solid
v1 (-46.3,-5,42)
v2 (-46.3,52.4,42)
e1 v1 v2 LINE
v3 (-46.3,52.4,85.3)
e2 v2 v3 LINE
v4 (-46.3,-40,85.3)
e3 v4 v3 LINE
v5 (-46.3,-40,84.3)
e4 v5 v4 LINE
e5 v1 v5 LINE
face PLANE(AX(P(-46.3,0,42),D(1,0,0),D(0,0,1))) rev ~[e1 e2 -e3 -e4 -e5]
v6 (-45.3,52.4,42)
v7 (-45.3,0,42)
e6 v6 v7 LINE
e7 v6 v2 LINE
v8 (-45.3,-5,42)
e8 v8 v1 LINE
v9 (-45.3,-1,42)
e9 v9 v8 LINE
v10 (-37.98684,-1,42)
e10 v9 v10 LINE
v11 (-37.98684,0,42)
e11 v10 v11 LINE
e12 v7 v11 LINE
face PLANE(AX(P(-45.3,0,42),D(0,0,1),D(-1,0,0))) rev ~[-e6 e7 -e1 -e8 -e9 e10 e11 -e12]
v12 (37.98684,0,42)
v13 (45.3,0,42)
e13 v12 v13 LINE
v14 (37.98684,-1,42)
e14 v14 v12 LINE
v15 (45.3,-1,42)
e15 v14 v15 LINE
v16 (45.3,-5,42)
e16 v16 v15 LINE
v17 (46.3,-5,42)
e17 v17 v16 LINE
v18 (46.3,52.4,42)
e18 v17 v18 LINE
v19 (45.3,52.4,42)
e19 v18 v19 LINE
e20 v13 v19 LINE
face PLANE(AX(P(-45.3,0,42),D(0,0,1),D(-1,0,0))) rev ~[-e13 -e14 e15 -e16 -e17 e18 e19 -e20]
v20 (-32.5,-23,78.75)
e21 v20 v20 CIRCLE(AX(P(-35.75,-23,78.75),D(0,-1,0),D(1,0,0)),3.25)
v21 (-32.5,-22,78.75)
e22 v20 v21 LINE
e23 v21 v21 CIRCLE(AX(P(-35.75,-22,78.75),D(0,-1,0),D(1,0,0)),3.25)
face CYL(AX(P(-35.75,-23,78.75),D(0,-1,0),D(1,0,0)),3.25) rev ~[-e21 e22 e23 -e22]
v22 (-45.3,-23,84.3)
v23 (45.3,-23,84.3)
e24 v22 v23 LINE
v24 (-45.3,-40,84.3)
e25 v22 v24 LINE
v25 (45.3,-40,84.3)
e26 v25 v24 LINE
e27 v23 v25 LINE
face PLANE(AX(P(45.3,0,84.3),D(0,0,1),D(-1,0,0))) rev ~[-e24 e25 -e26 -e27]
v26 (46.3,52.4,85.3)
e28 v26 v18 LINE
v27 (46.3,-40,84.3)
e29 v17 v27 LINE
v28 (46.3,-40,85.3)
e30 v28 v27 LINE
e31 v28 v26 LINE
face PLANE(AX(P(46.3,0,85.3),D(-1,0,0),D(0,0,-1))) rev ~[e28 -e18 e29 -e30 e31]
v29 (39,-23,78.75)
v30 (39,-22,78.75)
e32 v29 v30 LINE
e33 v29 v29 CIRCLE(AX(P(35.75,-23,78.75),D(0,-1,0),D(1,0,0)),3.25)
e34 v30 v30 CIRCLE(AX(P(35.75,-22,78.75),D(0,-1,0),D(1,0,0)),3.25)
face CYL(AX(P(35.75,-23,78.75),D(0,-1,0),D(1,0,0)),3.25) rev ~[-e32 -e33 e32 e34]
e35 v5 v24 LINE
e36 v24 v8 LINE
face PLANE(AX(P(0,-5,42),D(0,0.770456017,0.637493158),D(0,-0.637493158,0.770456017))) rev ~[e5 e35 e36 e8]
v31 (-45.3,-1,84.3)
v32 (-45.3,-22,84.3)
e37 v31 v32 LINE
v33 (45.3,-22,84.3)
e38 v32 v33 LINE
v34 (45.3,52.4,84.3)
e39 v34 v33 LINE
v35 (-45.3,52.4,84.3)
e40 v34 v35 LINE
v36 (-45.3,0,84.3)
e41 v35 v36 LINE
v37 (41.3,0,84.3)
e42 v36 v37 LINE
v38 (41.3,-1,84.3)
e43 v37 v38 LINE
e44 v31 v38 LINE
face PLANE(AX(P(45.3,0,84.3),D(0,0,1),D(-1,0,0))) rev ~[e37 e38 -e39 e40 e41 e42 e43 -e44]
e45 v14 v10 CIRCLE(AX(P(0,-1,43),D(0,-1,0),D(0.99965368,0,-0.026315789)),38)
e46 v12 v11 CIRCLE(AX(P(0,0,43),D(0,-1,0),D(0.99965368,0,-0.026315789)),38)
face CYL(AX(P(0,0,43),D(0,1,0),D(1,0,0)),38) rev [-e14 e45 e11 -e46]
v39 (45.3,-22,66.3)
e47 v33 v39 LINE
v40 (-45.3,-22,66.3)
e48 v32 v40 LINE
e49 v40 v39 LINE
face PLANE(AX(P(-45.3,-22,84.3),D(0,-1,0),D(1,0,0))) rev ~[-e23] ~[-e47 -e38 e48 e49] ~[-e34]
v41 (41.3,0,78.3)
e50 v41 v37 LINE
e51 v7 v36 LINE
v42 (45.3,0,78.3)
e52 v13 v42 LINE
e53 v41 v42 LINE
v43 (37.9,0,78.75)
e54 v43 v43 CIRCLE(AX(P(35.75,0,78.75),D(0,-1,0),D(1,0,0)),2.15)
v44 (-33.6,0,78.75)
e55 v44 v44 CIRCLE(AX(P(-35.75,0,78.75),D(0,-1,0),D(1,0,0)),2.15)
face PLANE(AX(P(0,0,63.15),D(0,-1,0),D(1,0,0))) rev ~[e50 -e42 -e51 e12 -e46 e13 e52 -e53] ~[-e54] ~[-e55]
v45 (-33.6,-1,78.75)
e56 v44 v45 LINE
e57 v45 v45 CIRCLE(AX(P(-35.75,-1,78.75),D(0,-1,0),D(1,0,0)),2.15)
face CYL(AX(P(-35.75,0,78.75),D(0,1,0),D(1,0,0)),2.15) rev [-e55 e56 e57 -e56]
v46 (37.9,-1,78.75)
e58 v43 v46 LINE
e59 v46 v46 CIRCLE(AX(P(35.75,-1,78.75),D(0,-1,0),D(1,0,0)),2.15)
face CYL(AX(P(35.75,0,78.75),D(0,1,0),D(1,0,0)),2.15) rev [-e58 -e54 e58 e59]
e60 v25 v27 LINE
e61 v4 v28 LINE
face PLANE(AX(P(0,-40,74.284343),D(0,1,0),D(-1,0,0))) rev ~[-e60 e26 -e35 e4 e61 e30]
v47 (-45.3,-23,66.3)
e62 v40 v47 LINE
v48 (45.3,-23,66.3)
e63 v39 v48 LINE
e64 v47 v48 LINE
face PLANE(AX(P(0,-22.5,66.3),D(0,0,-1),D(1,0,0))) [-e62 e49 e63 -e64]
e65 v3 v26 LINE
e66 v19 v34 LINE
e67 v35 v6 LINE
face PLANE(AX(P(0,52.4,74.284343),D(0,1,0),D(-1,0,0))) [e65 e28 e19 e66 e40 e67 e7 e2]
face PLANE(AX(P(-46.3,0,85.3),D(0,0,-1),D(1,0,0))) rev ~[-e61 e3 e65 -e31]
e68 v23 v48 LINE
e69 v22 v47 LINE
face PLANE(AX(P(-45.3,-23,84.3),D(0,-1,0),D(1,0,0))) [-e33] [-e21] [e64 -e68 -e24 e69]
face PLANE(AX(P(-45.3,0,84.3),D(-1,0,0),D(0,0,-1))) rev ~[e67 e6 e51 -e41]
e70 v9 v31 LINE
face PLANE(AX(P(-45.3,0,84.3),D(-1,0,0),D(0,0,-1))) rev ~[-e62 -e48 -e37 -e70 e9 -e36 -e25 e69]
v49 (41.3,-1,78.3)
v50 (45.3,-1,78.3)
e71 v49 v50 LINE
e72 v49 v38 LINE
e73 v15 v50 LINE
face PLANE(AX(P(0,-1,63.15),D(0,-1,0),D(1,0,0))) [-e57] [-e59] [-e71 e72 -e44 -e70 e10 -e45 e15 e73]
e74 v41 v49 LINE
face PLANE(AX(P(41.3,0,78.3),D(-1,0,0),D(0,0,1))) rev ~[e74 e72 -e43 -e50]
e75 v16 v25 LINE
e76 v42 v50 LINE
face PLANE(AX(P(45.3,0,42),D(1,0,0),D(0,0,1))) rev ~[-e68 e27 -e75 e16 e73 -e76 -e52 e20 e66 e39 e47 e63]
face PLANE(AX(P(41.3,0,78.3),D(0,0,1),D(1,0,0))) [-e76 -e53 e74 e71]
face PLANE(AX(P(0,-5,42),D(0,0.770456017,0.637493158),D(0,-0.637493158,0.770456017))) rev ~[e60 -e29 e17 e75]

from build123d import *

# Parameters (mm, degrees)
PAD027_DEPTH    = 40
PAD028_DEPTH    = 52.4
SKETCH048_W     = 90.6
SKETCH048_H     = 42.3
PAD029_DEPTH    = 1
SKETCH049_R     = 38
POCKET015_DEPTH = 1
POCKET016_DEPTH = 46.3
SKETCH051_R     = 2.15
POCKET017_DEPTH = 1
SKETCH063_W     = 90.6
SKETCH063_H     = 1
PAD033_DEPTH    = 18
SKETCH069_R     = 3.25
POCKET028_DEPTH = 1
SKETCH071_W     = 4
SKETCH071_H     = 6
POCKET030_DEPTH = 1


with BuildPart() as part:
    # Sketch047 → Pad027 (new body)
    with BuildSketch(Plane.XZ):
        Polygon((-45.3, 42), (-46.3, 42), (-46.3, 85.3), (46.3, 85.3), (46.3, 42), (45.3, 42), (45.3, 84.3), (-45.3, 84.3), align=None)
    extrude(amount=PAD027_DEPTH)

    # Sketch047 → Pad028 (join)
    with BuildSketch(Plane.XZ):
        Polygon((-45.3, 42), (-46.3, 42), (-46.3, 85.3), (46.3, 85.3), (46.3, 42), (45.3, 42), (45.3, 84.3), (-45.3, 84.3), align=None)
    extrude(amount=-PAD028_DEPTH)

    # Sketch048 → Pad029 (join)
    with BuildSketch(Plane.XZ):
        with Locations((0, 63.15)):
            Rectangle(SKETCH048_W, SKETCH048_H)
    extrude(amount=PAD029_DEPTH)

    # Sketch049 → Pocket015 (cut)
    with BuildSketch(Plane.XZ):
        with Locations((0, 43)):
            Circle(SKETCH049_R)
    extrude(amount=POCKET015_DEPTH, mode=Mode.SUBTRACT)

    # Sketch050 → Pocket016 (cut, symmetric)
    with BuildSketch(Plane.YZ):
        Polygon((-5, 42), (-40, 84.3), (-40, 42), align=None)
    extrude(amount=POCKET016_DEPTH, both=True, mode=Mode.SUBTRACT)

    # Sketch051 → Pocket017 (cut)
    with BuildSketch(Plane.XZ):
        with Locations((-35.75, 78.75)):
            Circle(SKETCH051_R)
        with Locations((35.75, 78.75)):
            Circle(SKETCH051_R)
    extrude(amount=POCKET017_DEPTH, mode=Mode.SUBTRACT)

    # Sketch063 (on Face12 of Pocket017) → Pad033 (join)
    with BuildSketch(Plane(origin=(0, 0, 84.3), x_dir=(1, 0, 0), z_dir=(0, 0, -1))):
        with Locations((0, 22.5)):
            Rectangle(SKETCH063_W, SKETCH063_H)
    extrude(amount=PAD033_DEPTH)

    # Sketch069 (on Face13 of Pad033) → Pocket028 (cut)
    with BuildSketch(Plane.XZ.offset(23)):
        with Locations((-35.75, 78.75)):
            Circle(SKETCH069_R)
        with Locations((35.75, 78.75)):
            Circle(SKETCH069_R)
    extrude(amount=-POCKET028_DEPTH, mode=Mode.SUBTRACT)

    # Sketch071 → Pocket030 (cut)
    with BuildSketch(Plane.XZ):
        with Locations((43.3, 81.3)):
            Rectangle(SKETCH071_W, SKETCH071_H)
    extrude(amount=POCKET030_DEPTH, mode=Mode.SUBTRACT)


solid = part.part
